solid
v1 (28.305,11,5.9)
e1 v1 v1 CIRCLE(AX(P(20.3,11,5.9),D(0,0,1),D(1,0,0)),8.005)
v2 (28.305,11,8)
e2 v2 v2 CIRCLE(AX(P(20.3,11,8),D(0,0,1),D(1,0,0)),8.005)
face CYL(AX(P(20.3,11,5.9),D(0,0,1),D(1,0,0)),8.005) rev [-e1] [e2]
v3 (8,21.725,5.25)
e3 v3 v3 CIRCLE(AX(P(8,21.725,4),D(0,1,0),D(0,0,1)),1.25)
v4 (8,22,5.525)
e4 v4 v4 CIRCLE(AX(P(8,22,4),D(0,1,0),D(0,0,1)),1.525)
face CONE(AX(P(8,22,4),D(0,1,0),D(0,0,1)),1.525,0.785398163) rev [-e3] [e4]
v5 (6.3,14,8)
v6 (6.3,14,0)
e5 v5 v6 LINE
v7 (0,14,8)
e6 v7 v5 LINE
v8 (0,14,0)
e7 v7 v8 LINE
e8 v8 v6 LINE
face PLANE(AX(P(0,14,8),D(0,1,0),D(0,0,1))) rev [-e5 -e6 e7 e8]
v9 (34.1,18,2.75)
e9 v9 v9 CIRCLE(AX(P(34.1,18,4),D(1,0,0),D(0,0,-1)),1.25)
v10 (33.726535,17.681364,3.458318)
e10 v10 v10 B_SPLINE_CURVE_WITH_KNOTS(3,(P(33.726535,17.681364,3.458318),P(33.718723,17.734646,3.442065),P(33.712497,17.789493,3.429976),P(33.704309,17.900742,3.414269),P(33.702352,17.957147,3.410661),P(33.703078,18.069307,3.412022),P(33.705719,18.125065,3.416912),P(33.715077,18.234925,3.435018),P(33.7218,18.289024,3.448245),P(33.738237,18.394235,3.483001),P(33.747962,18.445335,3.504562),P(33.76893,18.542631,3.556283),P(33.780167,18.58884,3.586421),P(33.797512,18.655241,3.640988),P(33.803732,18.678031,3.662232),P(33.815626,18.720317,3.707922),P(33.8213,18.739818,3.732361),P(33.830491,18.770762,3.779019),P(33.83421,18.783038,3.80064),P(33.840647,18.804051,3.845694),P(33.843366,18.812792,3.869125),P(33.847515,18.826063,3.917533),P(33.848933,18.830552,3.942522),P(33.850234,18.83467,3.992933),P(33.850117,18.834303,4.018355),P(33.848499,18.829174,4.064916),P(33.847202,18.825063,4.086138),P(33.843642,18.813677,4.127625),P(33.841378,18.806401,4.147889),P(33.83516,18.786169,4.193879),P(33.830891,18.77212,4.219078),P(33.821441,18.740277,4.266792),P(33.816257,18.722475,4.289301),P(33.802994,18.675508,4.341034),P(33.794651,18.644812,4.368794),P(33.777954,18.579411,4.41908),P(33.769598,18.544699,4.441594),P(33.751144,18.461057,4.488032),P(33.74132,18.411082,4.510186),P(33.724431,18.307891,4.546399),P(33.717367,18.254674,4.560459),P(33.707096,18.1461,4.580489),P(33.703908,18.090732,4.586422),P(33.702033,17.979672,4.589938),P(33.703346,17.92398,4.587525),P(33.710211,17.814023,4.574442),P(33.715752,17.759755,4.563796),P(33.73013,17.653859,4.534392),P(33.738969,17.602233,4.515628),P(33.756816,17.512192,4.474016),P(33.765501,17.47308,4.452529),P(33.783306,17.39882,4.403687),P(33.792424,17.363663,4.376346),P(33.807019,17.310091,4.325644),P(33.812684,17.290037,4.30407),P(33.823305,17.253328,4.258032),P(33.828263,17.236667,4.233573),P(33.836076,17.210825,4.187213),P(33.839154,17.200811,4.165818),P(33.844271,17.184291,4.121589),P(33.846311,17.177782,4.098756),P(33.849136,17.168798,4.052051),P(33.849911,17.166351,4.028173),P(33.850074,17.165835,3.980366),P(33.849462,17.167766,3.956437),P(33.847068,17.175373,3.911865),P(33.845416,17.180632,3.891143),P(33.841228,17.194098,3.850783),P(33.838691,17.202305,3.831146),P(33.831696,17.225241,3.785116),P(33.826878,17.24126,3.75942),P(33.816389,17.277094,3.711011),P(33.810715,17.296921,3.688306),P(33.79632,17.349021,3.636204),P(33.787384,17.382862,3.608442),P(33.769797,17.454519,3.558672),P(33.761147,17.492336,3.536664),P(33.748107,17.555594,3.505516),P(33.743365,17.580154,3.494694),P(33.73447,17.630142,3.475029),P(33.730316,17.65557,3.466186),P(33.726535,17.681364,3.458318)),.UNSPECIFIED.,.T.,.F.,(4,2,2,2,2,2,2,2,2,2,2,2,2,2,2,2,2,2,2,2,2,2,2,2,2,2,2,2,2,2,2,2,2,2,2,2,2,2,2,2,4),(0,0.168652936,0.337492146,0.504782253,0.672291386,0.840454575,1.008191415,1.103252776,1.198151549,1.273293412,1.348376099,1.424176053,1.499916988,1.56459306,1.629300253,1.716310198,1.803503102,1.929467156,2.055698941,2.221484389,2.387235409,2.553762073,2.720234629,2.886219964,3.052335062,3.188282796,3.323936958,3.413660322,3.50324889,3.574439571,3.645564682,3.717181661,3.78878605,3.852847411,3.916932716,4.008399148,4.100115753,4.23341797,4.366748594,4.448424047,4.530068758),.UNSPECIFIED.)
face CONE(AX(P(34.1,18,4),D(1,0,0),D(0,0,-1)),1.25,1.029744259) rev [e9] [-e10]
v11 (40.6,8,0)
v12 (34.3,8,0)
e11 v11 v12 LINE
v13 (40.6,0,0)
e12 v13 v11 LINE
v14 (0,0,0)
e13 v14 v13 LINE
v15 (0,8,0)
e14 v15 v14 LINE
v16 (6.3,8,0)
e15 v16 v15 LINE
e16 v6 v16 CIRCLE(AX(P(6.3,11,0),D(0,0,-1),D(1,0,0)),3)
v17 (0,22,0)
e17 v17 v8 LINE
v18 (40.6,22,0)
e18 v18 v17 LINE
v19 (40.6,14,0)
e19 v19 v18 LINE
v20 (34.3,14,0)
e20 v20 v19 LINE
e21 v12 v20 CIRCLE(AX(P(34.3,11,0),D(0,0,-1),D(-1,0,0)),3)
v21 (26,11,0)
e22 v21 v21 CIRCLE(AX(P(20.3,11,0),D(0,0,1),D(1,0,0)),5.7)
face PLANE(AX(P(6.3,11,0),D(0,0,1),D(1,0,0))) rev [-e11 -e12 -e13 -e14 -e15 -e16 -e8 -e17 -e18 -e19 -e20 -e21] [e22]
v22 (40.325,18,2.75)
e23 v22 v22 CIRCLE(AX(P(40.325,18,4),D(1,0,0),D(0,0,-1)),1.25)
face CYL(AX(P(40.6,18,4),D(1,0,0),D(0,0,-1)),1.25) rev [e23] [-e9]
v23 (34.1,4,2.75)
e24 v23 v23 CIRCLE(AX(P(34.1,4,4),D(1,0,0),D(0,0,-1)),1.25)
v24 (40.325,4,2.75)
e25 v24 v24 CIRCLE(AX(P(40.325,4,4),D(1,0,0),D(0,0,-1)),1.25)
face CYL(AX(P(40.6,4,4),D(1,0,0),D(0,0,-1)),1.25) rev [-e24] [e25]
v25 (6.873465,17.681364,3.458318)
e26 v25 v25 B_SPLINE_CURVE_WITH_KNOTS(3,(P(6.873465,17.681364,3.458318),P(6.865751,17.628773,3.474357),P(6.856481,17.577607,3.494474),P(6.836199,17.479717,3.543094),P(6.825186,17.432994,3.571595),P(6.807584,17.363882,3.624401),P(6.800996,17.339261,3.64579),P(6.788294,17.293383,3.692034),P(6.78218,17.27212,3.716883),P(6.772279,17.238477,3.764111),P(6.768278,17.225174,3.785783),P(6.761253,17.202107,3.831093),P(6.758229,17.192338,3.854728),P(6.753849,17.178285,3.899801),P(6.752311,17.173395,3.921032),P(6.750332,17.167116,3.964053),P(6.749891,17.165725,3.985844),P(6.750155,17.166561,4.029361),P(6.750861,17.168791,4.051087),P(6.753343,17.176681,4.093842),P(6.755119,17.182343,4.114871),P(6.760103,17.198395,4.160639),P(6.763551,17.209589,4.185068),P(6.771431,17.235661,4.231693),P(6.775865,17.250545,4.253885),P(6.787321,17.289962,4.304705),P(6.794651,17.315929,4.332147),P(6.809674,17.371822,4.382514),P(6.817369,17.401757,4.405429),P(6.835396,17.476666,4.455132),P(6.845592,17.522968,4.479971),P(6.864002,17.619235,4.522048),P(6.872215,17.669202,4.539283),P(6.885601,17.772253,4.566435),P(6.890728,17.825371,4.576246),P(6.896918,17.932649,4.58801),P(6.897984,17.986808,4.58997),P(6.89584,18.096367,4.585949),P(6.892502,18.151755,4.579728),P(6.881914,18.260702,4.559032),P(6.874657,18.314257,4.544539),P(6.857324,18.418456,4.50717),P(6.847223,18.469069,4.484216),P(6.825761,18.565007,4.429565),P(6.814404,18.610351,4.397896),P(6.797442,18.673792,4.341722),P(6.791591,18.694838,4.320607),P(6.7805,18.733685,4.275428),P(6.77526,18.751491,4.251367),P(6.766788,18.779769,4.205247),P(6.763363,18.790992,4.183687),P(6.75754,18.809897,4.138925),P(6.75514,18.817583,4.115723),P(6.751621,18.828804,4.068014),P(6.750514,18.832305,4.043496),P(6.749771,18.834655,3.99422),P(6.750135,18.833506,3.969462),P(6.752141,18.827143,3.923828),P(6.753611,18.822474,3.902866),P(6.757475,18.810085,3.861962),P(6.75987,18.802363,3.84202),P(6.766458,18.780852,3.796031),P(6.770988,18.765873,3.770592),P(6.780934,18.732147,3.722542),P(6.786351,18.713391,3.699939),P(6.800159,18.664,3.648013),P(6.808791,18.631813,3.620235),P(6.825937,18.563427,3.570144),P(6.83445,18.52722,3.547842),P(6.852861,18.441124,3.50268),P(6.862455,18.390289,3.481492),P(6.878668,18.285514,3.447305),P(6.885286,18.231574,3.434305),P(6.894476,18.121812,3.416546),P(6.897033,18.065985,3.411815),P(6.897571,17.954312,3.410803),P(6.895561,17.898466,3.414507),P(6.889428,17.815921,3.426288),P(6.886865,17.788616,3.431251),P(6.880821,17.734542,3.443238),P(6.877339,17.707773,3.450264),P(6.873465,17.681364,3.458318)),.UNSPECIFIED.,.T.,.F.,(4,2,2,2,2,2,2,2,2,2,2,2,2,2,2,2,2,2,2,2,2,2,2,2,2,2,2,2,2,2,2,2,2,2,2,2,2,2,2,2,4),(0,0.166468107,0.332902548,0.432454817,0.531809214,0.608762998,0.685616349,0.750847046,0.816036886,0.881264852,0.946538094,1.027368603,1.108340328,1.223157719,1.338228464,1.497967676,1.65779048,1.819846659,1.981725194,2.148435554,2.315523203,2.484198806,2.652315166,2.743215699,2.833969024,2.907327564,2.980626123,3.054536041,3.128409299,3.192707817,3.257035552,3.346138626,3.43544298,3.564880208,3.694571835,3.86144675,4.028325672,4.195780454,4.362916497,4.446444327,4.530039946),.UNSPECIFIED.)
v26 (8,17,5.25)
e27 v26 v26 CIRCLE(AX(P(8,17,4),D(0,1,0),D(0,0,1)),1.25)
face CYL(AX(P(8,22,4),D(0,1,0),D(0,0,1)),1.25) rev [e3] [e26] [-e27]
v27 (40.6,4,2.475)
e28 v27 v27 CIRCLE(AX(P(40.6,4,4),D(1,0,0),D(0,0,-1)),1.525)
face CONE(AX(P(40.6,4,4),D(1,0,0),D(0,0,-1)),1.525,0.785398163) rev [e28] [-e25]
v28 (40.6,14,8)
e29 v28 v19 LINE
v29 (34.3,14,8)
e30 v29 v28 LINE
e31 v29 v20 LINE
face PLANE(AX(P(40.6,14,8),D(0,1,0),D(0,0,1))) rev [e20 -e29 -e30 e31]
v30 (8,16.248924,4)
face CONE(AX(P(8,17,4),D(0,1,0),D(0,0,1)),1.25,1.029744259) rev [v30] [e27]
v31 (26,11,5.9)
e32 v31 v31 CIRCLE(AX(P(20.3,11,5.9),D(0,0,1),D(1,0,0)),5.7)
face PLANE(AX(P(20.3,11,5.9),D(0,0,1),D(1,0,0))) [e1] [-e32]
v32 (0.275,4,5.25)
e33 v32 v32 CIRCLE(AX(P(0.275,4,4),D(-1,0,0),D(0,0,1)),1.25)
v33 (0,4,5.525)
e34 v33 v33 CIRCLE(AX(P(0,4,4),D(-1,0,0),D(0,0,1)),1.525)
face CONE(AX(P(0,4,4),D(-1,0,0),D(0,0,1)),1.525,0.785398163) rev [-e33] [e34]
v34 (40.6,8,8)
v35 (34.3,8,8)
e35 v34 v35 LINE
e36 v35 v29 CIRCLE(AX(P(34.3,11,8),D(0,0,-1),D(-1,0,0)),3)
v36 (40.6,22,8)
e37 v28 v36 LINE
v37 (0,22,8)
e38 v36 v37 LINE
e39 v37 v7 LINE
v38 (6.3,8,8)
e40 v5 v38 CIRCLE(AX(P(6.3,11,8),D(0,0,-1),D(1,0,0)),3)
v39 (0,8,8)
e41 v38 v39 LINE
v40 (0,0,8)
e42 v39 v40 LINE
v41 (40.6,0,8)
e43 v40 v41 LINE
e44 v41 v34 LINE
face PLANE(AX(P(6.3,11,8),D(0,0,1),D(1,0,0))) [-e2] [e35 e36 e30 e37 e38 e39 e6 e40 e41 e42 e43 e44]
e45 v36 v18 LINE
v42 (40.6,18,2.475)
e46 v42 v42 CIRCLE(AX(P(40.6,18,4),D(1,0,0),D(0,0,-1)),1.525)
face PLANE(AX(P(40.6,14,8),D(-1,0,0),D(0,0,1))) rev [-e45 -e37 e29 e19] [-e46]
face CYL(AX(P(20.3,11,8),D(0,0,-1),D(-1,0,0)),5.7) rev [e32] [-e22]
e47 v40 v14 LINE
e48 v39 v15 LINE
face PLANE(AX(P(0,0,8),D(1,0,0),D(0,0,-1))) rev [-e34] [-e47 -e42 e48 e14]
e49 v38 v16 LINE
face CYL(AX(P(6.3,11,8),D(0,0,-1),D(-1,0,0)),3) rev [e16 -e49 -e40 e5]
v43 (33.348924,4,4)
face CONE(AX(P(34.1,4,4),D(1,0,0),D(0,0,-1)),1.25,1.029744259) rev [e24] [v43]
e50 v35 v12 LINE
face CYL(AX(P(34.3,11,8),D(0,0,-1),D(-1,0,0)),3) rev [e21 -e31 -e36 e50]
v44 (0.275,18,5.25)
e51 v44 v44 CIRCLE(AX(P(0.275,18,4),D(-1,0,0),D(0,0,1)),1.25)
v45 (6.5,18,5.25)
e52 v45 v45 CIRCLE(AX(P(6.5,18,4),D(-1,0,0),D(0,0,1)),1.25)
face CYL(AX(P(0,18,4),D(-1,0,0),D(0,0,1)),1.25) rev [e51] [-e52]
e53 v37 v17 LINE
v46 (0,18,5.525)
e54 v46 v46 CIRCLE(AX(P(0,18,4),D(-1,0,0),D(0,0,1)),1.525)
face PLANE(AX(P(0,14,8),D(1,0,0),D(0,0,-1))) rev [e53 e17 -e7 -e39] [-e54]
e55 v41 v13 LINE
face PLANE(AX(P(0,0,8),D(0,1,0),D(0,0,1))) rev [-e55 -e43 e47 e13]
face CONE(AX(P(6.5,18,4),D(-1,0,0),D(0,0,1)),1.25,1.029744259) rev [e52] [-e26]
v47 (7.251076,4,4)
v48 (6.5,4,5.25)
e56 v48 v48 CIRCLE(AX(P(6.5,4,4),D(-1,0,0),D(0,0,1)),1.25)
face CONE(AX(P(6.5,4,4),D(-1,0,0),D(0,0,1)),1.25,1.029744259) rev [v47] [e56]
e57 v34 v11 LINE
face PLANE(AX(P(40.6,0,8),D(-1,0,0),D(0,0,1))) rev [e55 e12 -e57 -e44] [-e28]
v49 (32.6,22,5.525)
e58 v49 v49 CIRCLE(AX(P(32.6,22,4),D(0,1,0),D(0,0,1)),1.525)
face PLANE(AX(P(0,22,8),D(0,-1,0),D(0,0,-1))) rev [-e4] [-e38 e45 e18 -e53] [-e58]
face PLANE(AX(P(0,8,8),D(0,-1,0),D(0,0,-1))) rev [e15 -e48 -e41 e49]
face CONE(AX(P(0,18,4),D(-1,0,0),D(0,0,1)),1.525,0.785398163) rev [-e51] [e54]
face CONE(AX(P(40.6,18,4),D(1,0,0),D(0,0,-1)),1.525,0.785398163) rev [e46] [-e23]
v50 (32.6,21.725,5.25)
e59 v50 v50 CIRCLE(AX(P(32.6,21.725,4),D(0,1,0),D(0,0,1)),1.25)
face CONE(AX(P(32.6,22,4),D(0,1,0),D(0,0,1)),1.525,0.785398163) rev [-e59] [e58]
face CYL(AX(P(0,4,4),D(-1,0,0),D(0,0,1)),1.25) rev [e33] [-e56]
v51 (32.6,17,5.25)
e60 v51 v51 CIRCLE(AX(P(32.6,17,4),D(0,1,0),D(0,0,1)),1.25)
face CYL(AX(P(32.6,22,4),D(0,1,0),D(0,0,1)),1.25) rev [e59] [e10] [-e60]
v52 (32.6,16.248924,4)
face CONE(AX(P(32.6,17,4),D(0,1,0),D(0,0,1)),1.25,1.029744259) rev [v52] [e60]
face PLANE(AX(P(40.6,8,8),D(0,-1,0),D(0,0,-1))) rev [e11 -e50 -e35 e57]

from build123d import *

# Parameters (mm, degrees)
SKETCH1_R           = 5.7
BOSS_EXTRUDE1_DEPTH = 8
SKETCH2_R           = 8.005
CUT_EXTRUDE1_DEPTH  = 2.1


with BuildPart() as part:
    # Sketch1 → Boss-Extrude1 (new body)
    with BuildSketch(Plane.XY):
        with BuildLine():
            Line((0, 14), (0, 22))
            Line((0, 22), (40.6, 22))
            Line((40.6, 22), (40.6, 14))
            Line((40.6, 14), (34.3, 14))
            ThreePointArc((34.3, 14), (31.3, 11), (34.3, 8))
            Line((34.3, 8), (40.6, 8))
            Line((40.6, 8), (40.6, 0))
            Line((40.6, 0), (0, 0))
            Line((0, 0), (0, 8))
            Line((0, 8), (6.3, 8))
            ThreePointArc((6.3, 8), (9.3, 11), (6.3, 14))
            Line((6.3, 14), (0, 14))
        make_face()
        with Locations((20.3, 11)):
            Circle(SKETCH1_R, mode=Mode.SUBTRACT)
    extrude(amount=BOSS_EXTRUDE1_DEPTH)

    # Sketch2 → Cut-Extrude1 (cut)
    with BuildSketch(Plane.XY.offset(8)):
        with Locations((20.3, 11)):
            Circle(SKETCH2_R)
    extrude(amount=-CUT_EXTRUDE1_DEPTH, mode=Mode.SUBTRACT)

    # Sketch3 → M3x0.5 Tapped Hole1 (revolve, cut)
    with BuildSketch(Plane(origin=(32.6, 22, 4), x_dir=(0, 0, 1), z_dir=(1, 0, 0))):
        Polygon((0, 0), (0, 5.751075774), (1.25, 5), (1.25, 0.275), (1.525, 0), align=None)
    m3x0_5_tapped_hole1 = revolve(axis=Axis((32.6, 28.35, 4), (0, -1, 0)), mode=Mode.SUBTRACT)

    # Mirror1: M3x0.5 Tapped Hole1 across plane
    add(m3x0_5_tapped_hole1.mirror(Plane(origin=(20.3, 0, 0), x_dir=(0, 0, 1), z_dir=(1, 0, 0))), mode=Mode.SUBTRACT)

    # Sketch5 → M3x0.5 Tapped Hole2 (revolve, cut)
    with BuildSketch(Plane(origin=(40.6, 18, 4), x_dir=(0, 0, -1), z_dir=(0, 1, 0))):
        Polygon((0, 0), (0, 7.251075774), (1.25, 6.5), (1.25, 0.275), (1.525, 0), align=None)
    m3x0_5_tapped_hole2 = revolve(axis=Axis((46.95, 18, 4), (-1, 0, 0)), mode=Mode.SUBTRACT)

    # Mirror2: M3x0.5 Tapped Hole2 across plane
    add(m3x0_5_tapped_hole2.mirror(Plane(origin=(0, 11, 0), x_dir=(0, 0, 1), z_dir=(0, -1, 0))), mode=Mode.SUBTRACT)

    # Mirror3: M3x0.5 Tapped Hole2 across plane
    add(m3x0_5_tapped_hole2.mirror(Plane(origin=(20.3, 0, 0), x_dir=(0, 0, 1), z_dir=(1, 0, 0))), mode=Mode.SUBTRACT)

    # Mirror3 copy 1 sketch → Mirror3 copy 1 (revolve, cut)
    with BuildSketch(Plane(origin=(0, 4, 4), x_dir=(0, 0, -1), z_dir=(0, -1, 0))):
        Polygon((0, 0), (0, 7.251075774), (1.25, 6.5), (1.25, 0.275), (1.525, 0), align=None)
    revolve(axis=Axis((-6.35, 4, 4), (1, 0, 0)), mode=Mode.SUBTRACT)


solid = part.part
